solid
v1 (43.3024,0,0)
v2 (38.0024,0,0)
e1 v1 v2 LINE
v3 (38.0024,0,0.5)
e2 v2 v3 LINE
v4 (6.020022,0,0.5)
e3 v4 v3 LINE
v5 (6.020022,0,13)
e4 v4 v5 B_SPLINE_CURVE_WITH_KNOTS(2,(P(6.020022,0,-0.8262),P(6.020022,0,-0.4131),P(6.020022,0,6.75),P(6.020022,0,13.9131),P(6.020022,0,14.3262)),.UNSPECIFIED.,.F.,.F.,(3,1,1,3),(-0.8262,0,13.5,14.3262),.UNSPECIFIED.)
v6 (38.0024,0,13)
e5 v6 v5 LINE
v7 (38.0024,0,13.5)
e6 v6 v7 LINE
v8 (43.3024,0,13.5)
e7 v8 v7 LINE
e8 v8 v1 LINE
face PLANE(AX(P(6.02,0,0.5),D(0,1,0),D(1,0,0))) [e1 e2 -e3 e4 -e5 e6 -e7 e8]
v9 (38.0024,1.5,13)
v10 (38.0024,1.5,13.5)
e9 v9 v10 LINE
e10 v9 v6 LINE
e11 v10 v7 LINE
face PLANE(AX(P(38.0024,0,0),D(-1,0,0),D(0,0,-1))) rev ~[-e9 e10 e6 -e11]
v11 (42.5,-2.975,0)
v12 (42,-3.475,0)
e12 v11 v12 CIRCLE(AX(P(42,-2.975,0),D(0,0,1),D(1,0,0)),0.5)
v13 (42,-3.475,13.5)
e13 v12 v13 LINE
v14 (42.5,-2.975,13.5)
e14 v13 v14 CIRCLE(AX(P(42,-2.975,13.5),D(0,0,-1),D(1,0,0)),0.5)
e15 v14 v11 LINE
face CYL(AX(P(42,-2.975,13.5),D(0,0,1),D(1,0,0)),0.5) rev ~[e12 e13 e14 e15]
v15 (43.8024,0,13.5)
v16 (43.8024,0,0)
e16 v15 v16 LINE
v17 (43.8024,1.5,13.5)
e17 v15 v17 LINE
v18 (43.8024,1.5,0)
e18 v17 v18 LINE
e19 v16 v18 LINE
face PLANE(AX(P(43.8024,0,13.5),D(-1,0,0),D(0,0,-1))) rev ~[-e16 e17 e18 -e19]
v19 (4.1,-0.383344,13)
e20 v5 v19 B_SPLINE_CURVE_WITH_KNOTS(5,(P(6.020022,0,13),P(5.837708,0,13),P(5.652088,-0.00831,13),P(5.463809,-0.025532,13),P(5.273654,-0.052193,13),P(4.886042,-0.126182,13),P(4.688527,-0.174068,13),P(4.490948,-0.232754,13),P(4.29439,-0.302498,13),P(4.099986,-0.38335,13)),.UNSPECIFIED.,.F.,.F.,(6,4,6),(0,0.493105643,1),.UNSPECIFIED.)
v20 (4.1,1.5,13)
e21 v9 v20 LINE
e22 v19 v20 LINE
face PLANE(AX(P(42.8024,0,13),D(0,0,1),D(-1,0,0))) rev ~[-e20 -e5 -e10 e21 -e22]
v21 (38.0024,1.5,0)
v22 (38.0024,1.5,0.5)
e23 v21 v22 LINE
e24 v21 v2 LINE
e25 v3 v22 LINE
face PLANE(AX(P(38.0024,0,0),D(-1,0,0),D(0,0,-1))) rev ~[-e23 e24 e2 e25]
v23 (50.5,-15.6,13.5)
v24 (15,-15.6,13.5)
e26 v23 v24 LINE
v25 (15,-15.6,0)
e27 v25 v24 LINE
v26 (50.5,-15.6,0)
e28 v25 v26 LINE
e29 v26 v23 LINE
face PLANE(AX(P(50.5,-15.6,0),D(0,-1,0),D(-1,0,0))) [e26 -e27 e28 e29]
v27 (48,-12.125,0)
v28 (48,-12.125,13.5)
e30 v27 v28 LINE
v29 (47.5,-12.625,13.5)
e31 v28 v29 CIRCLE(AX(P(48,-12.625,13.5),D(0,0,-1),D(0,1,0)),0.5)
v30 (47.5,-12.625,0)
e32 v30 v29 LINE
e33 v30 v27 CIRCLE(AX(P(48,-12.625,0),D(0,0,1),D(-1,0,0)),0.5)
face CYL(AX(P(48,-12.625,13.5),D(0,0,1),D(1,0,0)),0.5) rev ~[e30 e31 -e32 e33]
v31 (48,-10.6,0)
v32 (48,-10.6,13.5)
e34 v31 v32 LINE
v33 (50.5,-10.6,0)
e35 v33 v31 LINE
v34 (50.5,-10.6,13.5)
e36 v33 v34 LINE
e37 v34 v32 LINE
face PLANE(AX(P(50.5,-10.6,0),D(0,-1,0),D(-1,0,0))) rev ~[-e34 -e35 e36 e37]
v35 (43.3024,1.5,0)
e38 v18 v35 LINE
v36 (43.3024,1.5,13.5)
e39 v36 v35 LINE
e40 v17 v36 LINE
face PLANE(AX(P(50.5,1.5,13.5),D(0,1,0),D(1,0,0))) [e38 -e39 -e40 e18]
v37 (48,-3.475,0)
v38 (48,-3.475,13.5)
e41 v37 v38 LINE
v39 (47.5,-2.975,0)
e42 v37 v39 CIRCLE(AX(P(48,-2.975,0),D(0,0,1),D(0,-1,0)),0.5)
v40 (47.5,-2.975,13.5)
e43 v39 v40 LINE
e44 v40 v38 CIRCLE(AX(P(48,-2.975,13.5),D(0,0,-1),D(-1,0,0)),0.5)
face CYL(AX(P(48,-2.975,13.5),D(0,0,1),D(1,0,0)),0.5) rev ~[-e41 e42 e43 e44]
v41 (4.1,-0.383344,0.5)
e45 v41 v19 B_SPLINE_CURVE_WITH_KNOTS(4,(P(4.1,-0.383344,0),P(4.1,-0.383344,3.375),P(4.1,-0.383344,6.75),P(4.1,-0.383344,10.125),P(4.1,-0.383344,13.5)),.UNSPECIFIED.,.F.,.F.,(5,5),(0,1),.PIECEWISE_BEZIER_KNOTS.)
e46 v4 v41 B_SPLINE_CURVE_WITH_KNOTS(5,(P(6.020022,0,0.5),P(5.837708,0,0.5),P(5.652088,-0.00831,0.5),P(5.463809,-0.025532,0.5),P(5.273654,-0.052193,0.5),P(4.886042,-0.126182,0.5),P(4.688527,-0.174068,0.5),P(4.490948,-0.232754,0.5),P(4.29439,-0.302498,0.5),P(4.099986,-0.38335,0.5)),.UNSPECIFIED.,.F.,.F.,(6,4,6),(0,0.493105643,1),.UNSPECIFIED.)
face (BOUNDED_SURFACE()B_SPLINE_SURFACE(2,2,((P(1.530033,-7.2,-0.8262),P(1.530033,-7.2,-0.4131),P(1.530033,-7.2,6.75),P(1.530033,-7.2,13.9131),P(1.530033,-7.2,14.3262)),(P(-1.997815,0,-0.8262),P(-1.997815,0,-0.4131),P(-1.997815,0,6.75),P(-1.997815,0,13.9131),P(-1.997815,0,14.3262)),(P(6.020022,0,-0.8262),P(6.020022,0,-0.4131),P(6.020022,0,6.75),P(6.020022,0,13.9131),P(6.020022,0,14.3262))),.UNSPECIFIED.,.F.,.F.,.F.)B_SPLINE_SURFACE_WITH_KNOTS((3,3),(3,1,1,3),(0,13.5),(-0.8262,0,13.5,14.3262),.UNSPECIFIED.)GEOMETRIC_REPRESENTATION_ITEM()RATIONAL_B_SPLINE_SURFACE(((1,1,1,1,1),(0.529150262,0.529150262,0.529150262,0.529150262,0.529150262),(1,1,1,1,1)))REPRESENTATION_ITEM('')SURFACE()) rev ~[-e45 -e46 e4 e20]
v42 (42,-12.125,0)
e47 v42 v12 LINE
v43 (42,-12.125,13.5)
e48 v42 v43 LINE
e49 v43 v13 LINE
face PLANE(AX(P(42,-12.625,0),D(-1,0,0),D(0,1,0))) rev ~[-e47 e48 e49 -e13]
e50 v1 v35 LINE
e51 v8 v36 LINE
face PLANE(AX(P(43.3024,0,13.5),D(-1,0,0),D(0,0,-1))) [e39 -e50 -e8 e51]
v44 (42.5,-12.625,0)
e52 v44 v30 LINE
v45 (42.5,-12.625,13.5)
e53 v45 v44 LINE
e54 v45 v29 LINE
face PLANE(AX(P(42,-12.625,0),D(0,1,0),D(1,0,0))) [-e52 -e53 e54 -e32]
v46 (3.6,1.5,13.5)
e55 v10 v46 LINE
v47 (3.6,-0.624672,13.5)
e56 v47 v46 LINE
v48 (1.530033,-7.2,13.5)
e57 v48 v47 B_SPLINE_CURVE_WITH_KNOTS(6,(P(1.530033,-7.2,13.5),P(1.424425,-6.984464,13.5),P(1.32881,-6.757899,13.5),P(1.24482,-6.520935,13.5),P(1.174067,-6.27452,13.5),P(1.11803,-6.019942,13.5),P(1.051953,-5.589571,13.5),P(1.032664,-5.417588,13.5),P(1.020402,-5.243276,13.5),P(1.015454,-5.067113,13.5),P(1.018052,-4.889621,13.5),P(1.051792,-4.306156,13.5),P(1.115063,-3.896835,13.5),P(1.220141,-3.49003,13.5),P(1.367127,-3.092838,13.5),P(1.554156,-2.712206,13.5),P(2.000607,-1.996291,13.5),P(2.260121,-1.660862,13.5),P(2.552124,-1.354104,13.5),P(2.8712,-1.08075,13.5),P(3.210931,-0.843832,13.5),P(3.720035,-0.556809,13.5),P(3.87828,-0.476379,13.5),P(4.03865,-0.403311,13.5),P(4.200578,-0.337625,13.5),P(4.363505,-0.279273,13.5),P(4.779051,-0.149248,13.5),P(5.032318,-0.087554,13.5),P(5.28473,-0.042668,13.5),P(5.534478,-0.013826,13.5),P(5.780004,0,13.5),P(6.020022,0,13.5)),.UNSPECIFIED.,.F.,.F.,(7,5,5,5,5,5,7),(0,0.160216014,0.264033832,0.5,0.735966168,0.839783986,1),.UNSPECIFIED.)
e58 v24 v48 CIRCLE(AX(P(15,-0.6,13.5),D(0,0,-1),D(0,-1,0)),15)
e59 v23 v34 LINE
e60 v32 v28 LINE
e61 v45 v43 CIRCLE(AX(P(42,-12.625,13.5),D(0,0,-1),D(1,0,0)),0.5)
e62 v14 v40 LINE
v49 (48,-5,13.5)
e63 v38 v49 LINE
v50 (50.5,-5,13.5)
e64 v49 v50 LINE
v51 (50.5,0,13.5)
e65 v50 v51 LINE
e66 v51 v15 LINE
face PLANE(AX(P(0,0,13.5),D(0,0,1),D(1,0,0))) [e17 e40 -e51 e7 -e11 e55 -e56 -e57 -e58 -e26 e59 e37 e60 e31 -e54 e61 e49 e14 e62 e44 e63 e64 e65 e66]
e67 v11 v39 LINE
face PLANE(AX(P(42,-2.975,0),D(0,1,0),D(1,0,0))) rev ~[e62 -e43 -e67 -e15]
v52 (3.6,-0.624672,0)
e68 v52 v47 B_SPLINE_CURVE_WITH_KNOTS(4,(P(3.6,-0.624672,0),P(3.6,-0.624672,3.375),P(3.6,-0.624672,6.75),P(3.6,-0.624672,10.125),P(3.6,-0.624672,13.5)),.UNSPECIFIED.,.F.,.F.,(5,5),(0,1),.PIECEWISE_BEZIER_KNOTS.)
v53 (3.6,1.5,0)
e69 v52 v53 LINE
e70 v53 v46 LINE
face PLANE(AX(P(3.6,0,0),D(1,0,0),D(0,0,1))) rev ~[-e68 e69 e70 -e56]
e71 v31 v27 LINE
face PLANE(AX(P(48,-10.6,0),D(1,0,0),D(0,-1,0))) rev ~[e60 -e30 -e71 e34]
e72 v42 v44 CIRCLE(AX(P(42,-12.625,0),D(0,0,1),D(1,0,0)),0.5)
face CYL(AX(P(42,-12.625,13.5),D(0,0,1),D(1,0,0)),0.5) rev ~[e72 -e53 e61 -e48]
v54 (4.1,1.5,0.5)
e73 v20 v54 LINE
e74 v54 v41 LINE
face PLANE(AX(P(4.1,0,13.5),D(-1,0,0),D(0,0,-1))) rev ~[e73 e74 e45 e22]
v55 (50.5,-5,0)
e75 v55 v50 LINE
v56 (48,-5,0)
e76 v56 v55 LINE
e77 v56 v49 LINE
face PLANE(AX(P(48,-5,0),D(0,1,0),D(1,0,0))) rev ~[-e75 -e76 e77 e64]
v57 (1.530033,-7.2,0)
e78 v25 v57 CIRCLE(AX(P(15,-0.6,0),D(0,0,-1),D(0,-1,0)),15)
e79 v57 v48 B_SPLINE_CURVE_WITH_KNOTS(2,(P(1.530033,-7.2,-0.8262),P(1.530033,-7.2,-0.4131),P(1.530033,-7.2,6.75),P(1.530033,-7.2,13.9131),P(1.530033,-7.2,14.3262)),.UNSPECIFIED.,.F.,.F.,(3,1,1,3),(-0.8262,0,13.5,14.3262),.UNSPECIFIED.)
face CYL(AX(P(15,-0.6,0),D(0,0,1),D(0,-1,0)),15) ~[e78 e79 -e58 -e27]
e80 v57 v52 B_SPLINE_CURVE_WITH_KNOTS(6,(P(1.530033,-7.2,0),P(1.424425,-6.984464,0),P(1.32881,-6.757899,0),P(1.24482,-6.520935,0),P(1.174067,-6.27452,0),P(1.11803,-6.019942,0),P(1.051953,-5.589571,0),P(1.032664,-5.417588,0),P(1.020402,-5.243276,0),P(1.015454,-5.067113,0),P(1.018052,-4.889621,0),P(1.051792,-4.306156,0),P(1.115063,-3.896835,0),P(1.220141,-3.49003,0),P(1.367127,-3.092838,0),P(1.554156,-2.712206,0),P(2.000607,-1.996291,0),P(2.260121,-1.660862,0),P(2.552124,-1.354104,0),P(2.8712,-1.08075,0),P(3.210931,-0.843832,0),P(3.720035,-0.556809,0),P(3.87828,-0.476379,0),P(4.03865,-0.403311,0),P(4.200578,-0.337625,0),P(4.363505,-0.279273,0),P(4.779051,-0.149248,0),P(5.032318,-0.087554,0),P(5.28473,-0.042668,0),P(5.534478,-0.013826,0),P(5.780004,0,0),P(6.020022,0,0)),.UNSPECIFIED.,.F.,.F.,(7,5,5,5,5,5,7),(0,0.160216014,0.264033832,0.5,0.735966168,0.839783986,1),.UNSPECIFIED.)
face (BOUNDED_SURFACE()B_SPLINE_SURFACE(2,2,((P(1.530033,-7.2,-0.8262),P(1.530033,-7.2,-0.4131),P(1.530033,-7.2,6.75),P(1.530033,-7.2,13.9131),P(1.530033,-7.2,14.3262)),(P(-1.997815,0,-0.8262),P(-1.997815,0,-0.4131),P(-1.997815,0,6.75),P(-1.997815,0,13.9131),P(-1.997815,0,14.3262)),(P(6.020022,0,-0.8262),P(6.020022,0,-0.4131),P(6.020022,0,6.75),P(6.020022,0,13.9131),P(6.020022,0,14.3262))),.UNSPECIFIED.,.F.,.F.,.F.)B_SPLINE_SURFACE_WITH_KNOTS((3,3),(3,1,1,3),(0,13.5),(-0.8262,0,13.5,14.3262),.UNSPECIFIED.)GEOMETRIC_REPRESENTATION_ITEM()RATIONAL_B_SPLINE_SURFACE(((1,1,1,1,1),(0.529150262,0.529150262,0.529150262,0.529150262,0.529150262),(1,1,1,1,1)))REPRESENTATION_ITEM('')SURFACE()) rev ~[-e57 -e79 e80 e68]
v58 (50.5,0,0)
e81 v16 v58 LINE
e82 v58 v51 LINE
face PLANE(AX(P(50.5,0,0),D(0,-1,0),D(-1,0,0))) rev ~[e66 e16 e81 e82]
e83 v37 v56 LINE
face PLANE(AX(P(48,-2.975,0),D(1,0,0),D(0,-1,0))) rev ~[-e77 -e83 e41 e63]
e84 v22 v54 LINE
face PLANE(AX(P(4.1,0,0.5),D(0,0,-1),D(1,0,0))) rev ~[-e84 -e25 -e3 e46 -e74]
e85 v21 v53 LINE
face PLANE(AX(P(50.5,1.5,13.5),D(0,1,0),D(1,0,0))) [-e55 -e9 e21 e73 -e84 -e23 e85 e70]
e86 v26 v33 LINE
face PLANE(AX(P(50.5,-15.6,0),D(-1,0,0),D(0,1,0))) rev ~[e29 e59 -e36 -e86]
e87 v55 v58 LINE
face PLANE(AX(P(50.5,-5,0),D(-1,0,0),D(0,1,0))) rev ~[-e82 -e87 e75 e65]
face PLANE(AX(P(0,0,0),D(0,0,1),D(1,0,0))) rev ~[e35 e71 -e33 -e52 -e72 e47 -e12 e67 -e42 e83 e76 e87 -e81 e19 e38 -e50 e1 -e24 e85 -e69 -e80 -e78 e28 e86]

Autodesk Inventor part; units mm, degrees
ref_plane "YZ Plane" through (0, 0, 0) normal (1, 0, 0) x (0, 1, 0)
ref_plane "XZ Plane" through (0, 0, 0) normal (0, 1, 0) x (-1, 0, 0)
ref_plane "XY Plane" through (0, 0, 0) normal (0, 0, 1) x (1, 0, 0)
sketch "Sketch5" plane through (0, 0, 0) normal (0, 0, 1) x (1, 0, 0)
  line L0 (50.5, -15.6) -> (50.5, -10.6)
  line L1 (50.5, -10.6) -> (48, -10.6)
  line L2 (48, -10.6) -> (48, -12.625)
  line L3 (42, -12.625) -> (42, -2.975)
  line L4 (48, -2.975) -> (48, -5)
  line L5 (48, -5) -> (50.5, -5)
  line L6 (50.5, -5) -> (50.5, 0)
  line L7 (50.5, 0) -> (5.8, 0)
  line L8 (42, -2.975) -> (48, -2.975)
  line L9 (42, -12.625) -> (48, -12.625)
  line L10 (50.5, -15.6) -> (5.8, -15.6)
  line L11 (5.8, -15.6) -> (0, -15.6)
  line L12 (0, -15.6) -> (0, 0)
  line L13 (0, 0) -> (7.8, 0)
  line L14 (40.5, 0) -> (40.5, -15.6)
  line L15 (39.5, -15.6) -> (39.5, 0)
  line L16 (0, -45.1294) -> (0, -34.3361)
  line L17 (0, -34.3361) -> (38.5, -34.3361)
  line L18 (38.5, -34.3361) -> (38.5, -45.1294)
  line L19 (38.5, -45.1294) -> (0, -45.1294)
  line L20 (38.5, -42.4105) -> (39.5, -42.4105)
  line L21 (39.5, -42.4105) -> (39.5, -38.1261)
  line L22 (39.5, -38.1261) -> (38.5, -38.1261)
  line L23 (39.5, -42.4105) -> (39.5, -49.5786)
  line L24 (39.5, -49.5786) -> (45, -49.5786)
  line L25 (45, -49.5786) -> (45, -34.3361)
  line L26 (45, -34.3361) -> (39.5, -34.3361)
  line L27 (39.5, -34.3361) -> (39.5, -38.1261)
  point P0 (7.8, 0)
  point P1 (39, -42.4105)
  dimension "d41" = 6
  dimension "d48" = 42
  dimension "d50" = 2.5
  dimension "d63" = 44.7
  dimension "d71" = 0
  dimension "d87" = 5.6
  dimension "d88" = 9.65
  dimension "d97" = 15.6
  dimension "d122" = 1.5
  dimension "d123" = 1
  dimension "d124" = 39.5
  dimension "d125" = 38.5
  dimension "d127" = 1
  dimension "d128" = 5.5
extrude "Extrusion2" add sketch "Sketch5" along normal blind 13.5 contours L10 L14 L7 L6 L5 L4 L8 L3 L9 L2 L1 L0 | L10 L15 L7 L14 | L10 L11 L12 L13 L7 L15
fillet "Fillet2" radius 15 1 edges at (0, -15.6, 6.75)
sketch "Sketch11" plane through (0, 0, 13.5) normal (0, 0, 1) x (1, 0, 0)
  line L0 (42, -2.975) -> (48, -2.975) projected
  circle A0 centre (42, -2.975) radius 0.5
  line L1 (42, -12.625) -> (42, -2.975) projected
  circle A1 centre (42, -12.625) radius 0.5
  line L2 (48, -12.625) -> (42, -12.625) projected
  circle A2 centre (48, -12.625) radius 0.5
  line L3 (48, -2.975) -> (48, -5) projected
  circle A3 centre (48, -2.975) radius 0.5
  point P0 (0, 0)
  dimension "d99" = 1
  dimension "d100" = 1
  dimension "d101" = 1
  dimension "d102" = 1
extrude "Extrusion7" cut sketch "Sketch11" against normal through all
fillet "Rundung3" radius 5 1 edges at (0, 0, 6.75)
sketch "Skizze17" plane through (50.5, 0, 13.5) normal (0, 1, 0) x (1, 0, 0)
  line L0 (-48.97, 13.5) -> (-35.5, 13.5) projected
  line L1 (-46.9, 0) -> (-46.4, 0)
  line L2 (-46.4, 0) -> (-46.4, 13.5)
  line L3 (-46.4, 13.5) -> (-46.9, 13.5)
  line L4 (-46.9, 13.5) -> (-46.9, 0)
  line L5 (-44.48, 0) -> (-49.48, 0) projected
  line L6 (-44.48, 0) -> (-44.48, 13.5) projected
  point P0 (-50.5, 13.5)
  point P1 (-48.97, 0)
  point P2 (-46.65, 0)
  dimension "d140" = 0.5
  dimension "d150" = 0
  dimension "d163" = 1.92
extrude "Extrusion12" add sketch "Skizze17" along normal mid plane 3 contours L0 L2 L1 L4
sketch "Skizze18" plane through (50.5, 0, 13.5) normal (0, 1, 0) x (1, 0, 0)
  line L0 (-6.6976, 0) -> (-6.6976, 13.5)
  line L1 (-46.4, 0) -> (-46.4, 13.5) projected
  line L2 (0, 13.5) -> (-44.48, 13.5) projected
  line L3 (0, 0) -> (-44.48, 0) projected
  line L4 (-7.1976, 0) -> (-7.1976, 13.5)
  line L5 (-7.1976, 13.5) -> (-6.6976, 13.5)
  line L6 (-7.1976, 0) -> (-6.6976, 0)
  point P0 (-50.5, 13.5)
  dimension "d160" = 0.5
extrude "Extrusion13" add sketch "Skizze18" along normal blind 1.5
sketch "Skizze19" plane through (6.02, 0, 13.5) normal (0, 1, 0) x (1, 0, 0)
  line L0 (44.48, 13.5) -> (0, 13.5) projected
  line L1 (-2.3517, 13) -> (37.6723, 13)
  line L2 (37.6723, 13) -> (37.6723, 13.5)
  line L3 (37.6723, 13.5) -> (-2.3517, 13.5)
  line L4 (-2.3517, 13.5) -> (-2.3517, 13)
  line L5 (-1.92, 0) -> (-1.92, 13.5) projected
  point P0 (-6.02, 13.5)
  point P1 (3.0824, 14.25)
  point P2 (16.6541, 14.25)
  point P3 (24.4324, 14.25)
  dimension "d159" = 0.5
  dimension "d162" = 0
extrude "Extrusion14" add sketch "Skizze19" along normal mid plane 3
sketch "Skizze20" plane through (6.02, 0, 13.5) normal (0, 1, 0) x (1, 0, 0)
  line L0 (36.7824, 14.5) -> (36.7824, 0) projected
  line L1 (-2.2337, 0) -> (36.7824, 0)
  line L2 (36.7824, 0) -> (36.7824, 0.5)
  line L3 (36.7824, 0.5) -> (-2.2337, 0.5)
  line L4 (-2.2337, 0.5) -> (-2.2337, 0)
  line L5 (37.2824, 0) -> (0, 0) projected
  point P0 (-6.02, 13.5)
  point P1 (36.7824, 14)
  dimension "d137" = 0
  dimension "d139" = 0.5
extrude "Extrusion15" add sketch "Skizze20" along normal mid plane 3
sketch "Skizze21" plane through (6.02, 0, 0.5) normal (0, 1, 0) x (1, 0, 0)
  line L0 (8.98, 0.5) -> (44.48, 0.5) projected
  line L1 (31.9824, 3.6397) -> (37.2824, 3.6397)
  line L2 (37.2824, 3.6397) -> (37.2824, -19.4506)
  line L3 (37.2824, -19.4506) -> (31.9824, -19.4506)
  line L4 (31.9824, -19.4506) -> (31.9824, 3.6397)
  line L5 (36.7824, 0) -> (36.7824, -13.5) projected
  line L6 (37.2824, 0) -> (37.2824, -13) projected
  point P0 (-6.02, 0.5)
  point P1 (37.2824, -0.5)
  dimension "d152" = 5.3
  dimension "d161" = 0
extrude "Extrusion16" cut sketch "Skizze21" along normal blind 3
equation "\"l1\" = 8"
properties part number "Maria_Greifer_3D-Druck"
